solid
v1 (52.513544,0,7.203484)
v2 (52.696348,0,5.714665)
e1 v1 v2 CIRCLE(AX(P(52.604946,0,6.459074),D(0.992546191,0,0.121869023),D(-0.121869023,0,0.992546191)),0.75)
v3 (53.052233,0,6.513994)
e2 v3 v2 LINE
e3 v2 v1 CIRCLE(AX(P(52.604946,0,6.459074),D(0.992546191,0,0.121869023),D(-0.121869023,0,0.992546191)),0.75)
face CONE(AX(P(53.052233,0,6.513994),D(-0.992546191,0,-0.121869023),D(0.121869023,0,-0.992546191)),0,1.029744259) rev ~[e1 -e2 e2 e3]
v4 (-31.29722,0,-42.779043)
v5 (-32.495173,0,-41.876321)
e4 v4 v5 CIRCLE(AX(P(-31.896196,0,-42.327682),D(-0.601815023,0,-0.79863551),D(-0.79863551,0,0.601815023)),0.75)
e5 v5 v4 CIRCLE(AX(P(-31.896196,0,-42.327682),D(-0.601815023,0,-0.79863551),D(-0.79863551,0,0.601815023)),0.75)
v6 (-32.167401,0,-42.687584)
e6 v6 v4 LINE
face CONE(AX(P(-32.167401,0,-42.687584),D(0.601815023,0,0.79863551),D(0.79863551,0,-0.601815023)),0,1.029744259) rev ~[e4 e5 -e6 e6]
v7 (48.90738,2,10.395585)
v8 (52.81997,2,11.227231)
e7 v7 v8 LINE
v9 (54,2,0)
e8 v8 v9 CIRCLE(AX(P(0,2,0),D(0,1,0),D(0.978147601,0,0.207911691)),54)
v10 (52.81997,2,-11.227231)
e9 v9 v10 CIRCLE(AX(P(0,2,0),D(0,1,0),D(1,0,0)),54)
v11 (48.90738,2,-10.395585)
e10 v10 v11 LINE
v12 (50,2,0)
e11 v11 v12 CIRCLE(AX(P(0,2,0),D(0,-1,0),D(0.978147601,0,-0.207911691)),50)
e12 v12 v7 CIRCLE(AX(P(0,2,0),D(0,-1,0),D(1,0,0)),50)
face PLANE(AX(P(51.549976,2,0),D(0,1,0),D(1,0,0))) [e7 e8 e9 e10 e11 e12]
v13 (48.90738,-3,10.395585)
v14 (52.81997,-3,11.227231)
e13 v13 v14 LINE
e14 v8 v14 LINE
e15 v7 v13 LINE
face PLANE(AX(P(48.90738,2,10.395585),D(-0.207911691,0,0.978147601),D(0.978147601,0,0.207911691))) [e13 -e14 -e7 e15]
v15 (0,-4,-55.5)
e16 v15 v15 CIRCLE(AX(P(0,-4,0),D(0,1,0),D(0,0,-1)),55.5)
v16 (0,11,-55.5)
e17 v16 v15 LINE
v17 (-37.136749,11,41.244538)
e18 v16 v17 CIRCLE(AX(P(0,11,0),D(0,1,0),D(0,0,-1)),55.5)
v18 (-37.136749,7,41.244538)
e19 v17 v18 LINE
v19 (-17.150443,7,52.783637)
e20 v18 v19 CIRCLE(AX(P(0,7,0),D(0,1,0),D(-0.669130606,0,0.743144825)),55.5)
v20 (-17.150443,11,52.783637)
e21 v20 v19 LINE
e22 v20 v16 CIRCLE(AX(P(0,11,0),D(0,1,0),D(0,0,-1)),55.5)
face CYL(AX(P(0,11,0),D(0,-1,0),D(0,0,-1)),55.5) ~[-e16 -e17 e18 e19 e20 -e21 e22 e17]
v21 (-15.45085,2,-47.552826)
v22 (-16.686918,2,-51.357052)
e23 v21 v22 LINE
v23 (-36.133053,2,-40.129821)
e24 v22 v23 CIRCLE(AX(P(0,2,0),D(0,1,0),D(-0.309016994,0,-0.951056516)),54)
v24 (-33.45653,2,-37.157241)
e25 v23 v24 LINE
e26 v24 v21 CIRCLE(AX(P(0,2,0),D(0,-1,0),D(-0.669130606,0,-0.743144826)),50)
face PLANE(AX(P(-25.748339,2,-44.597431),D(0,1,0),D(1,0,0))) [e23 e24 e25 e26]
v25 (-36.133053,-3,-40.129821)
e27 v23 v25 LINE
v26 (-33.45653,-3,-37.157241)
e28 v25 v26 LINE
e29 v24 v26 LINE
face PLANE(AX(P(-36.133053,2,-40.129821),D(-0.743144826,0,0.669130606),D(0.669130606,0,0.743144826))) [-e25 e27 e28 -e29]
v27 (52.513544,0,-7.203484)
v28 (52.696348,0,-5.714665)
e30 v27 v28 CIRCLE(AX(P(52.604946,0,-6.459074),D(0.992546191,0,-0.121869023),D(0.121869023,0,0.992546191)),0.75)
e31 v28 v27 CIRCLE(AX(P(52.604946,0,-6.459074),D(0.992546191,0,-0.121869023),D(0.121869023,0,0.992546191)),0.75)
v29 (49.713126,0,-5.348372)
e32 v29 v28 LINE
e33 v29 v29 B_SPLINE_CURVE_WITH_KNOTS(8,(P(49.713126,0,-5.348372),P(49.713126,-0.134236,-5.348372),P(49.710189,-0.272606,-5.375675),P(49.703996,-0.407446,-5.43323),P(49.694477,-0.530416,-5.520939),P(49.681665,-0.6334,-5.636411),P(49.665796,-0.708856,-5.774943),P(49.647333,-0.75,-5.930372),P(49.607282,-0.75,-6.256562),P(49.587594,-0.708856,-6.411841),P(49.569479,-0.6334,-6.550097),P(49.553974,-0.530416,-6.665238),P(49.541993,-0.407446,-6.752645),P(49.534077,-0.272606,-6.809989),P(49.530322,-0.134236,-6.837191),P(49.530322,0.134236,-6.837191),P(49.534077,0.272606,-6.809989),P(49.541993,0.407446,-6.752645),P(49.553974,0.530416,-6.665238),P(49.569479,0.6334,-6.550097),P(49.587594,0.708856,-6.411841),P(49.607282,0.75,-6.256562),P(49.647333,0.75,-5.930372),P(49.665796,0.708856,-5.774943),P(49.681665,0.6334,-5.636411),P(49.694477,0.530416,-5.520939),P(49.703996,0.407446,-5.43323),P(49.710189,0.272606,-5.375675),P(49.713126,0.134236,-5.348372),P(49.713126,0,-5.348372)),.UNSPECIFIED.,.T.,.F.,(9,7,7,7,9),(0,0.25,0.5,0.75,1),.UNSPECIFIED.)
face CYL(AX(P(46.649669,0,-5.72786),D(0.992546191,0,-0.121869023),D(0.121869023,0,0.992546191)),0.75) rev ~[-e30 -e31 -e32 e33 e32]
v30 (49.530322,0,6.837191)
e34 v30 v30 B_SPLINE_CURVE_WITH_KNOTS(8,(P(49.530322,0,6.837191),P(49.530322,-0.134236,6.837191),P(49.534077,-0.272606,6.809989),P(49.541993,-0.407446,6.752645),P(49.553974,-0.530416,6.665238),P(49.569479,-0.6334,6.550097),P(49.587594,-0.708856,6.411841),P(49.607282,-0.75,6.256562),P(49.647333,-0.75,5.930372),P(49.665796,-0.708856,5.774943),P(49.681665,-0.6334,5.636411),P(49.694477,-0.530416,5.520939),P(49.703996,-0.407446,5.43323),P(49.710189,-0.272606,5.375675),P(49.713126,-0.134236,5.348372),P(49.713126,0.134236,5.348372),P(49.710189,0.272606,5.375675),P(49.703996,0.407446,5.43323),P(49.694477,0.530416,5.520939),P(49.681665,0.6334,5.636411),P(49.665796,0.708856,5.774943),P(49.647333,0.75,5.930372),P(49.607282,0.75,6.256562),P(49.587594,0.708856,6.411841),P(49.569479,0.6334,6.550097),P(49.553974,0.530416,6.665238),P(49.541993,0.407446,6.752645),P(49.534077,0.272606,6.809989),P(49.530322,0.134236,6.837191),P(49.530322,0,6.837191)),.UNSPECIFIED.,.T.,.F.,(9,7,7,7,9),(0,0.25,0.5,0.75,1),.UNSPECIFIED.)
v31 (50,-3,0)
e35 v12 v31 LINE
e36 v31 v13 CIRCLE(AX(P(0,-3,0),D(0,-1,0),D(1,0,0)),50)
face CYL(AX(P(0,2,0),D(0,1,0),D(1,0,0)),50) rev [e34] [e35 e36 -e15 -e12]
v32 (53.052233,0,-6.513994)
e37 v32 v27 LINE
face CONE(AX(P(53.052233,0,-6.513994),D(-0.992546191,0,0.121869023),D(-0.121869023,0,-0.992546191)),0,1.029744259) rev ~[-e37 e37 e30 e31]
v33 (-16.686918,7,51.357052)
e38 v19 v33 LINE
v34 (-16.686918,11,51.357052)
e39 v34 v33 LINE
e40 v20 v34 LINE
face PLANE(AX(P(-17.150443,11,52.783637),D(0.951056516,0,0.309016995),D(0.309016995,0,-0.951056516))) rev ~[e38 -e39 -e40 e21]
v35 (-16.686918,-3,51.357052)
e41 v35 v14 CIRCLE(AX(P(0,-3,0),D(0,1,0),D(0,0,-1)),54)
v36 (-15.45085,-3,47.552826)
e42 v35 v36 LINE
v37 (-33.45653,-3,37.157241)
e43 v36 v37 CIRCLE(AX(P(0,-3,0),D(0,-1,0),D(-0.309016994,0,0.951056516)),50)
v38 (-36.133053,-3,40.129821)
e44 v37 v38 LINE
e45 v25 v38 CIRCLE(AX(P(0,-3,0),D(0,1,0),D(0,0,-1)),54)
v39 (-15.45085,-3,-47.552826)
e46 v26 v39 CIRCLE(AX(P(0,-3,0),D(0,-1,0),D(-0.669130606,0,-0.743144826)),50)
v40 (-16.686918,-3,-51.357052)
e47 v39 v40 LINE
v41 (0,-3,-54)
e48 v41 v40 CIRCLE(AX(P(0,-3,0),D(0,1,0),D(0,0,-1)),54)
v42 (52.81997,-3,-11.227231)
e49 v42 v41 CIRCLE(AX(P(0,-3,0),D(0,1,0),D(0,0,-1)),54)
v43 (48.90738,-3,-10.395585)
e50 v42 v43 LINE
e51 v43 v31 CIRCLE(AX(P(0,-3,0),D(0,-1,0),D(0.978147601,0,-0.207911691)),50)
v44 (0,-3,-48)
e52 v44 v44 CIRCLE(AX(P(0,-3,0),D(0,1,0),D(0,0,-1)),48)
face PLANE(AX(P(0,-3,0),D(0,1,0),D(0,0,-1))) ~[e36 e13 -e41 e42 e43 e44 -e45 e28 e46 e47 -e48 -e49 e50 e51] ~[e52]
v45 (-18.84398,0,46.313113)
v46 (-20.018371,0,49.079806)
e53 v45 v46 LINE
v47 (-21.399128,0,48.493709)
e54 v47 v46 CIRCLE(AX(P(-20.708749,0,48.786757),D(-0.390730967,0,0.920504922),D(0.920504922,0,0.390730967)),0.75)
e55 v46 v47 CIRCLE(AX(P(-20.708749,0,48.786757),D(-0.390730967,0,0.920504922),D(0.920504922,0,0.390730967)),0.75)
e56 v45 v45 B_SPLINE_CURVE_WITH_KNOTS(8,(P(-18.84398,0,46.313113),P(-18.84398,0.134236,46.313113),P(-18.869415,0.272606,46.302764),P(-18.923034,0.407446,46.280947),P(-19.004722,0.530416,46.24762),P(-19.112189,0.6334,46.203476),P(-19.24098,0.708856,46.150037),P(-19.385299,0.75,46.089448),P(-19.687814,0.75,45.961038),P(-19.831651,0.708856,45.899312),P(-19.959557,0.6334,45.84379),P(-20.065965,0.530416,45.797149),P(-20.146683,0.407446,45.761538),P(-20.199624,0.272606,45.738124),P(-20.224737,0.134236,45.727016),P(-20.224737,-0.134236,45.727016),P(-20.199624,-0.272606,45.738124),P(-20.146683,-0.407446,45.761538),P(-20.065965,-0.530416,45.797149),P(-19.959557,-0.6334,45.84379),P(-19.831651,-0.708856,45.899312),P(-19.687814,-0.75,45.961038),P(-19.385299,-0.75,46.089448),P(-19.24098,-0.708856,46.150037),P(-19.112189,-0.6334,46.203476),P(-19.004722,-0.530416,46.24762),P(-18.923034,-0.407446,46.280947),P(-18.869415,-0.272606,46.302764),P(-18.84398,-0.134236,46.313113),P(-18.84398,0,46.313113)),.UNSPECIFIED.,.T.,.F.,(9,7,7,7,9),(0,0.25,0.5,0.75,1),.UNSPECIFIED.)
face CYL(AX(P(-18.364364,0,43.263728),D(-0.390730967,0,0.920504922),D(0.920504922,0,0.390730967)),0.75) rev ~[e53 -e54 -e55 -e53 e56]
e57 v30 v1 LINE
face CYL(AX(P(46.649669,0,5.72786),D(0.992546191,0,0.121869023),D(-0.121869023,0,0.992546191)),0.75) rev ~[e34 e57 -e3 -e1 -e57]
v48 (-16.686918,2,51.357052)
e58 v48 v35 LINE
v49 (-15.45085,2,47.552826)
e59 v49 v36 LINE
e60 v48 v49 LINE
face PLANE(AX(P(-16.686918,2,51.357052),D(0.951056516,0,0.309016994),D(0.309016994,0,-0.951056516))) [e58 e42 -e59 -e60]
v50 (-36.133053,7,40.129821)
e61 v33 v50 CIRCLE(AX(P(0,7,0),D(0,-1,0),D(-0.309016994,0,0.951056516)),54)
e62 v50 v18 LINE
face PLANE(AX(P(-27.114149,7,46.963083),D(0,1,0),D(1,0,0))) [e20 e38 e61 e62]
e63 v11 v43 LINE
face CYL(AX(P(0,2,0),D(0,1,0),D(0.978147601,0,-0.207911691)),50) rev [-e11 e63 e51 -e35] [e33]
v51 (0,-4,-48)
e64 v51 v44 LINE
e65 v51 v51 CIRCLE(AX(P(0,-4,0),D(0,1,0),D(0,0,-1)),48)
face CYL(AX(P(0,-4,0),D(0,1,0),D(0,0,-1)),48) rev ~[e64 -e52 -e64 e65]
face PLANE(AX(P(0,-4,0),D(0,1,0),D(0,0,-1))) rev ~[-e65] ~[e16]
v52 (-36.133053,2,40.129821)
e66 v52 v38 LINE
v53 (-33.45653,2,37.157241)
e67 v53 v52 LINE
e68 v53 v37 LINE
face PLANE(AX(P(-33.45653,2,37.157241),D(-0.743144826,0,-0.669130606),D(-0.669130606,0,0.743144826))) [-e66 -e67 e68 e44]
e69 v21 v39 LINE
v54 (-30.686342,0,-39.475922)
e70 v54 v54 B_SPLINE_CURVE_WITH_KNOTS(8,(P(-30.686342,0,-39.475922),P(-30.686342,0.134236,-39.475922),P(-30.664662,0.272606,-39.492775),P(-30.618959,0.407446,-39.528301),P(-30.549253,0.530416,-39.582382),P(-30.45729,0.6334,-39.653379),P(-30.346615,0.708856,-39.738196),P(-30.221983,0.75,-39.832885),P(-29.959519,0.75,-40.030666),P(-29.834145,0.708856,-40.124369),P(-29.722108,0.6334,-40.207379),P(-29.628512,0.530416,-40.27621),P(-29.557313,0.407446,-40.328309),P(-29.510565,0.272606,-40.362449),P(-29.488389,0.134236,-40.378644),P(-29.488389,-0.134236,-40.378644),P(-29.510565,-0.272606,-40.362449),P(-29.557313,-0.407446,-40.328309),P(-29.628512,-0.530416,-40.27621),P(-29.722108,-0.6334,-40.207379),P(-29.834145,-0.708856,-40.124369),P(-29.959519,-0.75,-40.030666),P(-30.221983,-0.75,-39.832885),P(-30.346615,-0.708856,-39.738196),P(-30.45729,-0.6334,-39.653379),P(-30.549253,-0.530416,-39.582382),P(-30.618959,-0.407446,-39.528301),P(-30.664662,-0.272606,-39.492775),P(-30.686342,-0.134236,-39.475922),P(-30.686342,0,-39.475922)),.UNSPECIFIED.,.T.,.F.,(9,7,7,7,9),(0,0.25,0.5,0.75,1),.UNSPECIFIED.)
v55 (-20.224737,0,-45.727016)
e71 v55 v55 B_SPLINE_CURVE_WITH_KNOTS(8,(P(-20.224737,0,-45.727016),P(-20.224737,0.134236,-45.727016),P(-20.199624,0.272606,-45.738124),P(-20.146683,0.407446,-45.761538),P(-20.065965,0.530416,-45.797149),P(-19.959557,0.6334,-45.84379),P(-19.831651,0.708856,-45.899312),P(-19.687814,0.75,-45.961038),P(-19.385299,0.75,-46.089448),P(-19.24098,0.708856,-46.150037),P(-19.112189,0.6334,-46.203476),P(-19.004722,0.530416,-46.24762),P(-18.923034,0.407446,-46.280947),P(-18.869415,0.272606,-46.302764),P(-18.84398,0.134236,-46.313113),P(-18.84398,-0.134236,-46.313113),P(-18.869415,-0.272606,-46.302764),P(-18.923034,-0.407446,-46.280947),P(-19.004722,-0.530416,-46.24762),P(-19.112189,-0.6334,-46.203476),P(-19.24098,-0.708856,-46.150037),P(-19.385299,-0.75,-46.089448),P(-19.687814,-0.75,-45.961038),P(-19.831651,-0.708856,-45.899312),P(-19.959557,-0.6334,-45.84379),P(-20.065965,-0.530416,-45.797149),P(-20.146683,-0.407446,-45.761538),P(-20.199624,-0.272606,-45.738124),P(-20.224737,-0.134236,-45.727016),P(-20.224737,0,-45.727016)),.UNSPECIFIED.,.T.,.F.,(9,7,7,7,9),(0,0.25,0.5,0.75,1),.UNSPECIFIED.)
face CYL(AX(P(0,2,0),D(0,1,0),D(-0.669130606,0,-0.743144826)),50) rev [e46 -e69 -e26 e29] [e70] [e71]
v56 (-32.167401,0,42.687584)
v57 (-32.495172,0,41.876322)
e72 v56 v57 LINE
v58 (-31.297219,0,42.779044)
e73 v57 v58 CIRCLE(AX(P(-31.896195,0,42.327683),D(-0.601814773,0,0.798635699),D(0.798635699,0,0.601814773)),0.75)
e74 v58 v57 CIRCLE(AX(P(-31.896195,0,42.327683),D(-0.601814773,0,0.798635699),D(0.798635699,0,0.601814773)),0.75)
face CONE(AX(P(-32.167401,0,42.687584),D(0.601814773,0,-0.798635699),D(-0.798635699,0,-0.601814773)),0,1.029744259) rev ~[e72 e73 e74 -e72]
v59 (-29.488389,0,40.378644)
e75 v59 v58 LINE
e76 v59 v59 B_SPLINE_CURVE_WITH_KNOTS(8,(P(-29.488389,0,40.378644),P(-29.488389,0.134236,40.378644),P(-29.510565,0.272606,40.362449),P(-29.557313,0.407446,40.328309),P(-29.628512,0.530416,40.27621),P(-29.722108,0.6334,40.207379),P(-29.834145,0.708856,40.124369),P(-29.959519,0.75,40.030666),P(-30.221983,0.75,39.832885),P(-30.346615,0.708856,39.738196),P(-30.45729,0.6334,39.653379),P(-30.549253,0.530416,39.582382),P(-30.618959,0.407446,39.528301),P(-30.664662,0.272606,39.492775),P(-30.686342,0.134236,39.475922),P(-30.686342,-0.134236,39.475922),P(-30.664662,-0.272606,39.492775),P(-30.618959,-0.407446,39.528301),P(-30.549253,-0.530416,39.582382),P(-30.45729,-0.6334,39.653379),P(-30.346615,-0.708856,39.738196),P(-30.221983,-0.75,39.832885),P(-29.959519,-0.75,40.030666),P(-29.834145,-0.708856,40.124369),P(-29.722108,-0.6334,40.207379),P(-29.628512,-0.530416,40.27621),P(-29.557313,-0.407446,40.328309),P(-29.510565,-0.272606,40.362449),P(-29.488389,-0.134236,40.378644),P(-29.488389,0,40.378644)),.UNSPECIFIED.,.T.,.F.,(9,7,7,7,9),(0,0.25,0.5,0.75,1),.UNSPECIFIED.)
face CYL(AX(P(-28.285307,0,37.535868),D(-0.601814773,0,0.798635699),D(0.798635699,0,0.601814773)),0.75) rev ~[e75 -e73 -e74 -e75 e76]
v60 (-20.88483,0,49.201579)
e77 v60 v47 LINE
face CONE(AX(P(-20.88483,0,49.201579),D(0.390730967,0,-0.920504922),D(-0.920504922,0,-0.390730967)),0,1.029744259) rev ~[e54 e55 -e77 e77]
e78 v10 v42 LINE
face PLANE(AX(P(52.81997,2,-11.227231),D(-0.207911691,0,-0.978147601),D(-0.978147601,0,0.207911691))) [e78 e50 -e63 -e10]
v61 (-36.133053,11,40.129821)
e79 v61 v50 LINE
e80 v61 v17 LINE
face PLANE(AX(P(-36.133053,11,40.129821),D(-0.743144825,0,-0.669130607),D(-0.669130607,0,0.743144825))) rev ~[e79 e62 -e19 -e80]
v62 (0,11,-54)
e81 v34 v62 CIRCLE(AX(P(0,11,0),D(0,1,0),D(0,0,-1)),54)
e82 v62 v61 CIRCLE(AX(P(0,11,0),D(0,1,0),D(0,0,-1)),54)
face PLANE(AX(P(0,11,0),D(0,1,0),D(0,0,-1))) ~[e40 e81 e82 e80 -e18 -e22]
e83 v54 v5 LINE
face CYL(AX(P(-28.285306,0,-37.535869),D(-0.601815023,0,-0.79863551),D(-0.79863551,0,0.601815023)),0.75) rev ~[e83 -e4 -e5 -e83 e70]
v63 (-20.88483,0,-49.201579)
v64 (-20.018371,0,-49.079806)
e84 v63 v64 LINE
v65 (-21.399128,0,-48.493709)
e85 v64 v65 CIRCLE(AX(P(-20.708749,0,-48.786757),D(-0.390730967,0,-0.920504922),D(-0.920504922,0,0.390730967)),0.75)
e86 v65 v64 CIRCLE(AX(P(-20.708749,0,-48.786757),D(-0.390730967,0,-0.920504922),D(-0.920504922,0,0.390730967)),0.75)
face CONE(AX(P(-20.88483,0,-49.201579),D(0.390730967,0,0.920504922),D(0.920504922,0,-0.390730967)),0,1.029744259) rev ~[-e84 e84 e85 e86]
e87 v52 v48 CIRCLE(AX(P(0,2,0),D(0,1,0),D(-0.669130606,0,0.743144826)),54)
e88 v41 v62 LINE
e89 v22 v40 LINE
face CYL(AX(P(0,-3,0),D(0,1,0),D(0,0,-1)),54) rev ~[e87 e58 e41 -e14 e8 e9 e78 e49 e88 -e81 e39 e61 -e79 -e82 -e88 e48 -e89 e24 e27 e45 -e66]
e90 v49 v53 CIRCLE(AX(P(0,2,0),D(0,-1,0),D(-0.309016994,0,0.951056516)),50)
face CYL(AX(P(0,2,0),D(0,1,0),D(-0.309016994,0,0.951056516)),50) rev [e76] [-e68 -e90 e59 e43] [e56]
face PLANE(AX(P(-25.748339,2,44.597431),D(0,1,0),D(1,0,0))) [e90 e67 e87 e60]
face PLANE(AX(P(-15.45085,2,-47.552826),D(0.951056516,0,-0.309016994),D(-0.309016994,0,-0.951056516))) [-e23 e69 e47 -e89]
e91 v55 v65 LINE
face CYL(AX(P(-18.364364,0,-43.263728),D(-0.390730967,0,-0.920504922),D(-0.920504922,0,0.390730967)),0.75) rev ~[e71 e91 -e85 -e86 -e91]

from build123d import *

# Parameters (mm, degrees)
BOSS_EXTRUDE1_DEPTH                 = 5
BOSS_EXTRUDE2_DEPTH                 = 5
BOSS_EXTRUDE3_DEPTH                 = 5
F_1_5MM_DOWEL_HOLE1_D               = 1.5
F_1_5MM_DOWEL_HOLE1_DEPTH           = 3
F_1_5MM_DOWEL_HOLE1_TIP             = 0.450645464
F_1_5MM_DOWEL_HOLE1_ON_FACE_2_D     = 1.5
F_1_5MM_DOWEL_HOLE1_ON_FACE_2_DEPTH = 3
F_1_5MM_DOWEL_HOLE1_ON_FACE_2_TIP   = 0.450645464
F_1_5MM_DOWEL_HOLE1_ON_FACE_3_D     = 1.5
F_1_5MM_DOWEL_HOLE1_ON_FACE_3_DEPTH = 3
F_1_5MM_DOWEL_HOLE1_ON_FACE_3_TIP   = 0.450645464
F_1_5MM_DOWEL_HOLE1_ON_FACE_4_D     = 1.5
F_1_5MM_DOWEL_HOLE1_ON_FACE_4_DEPTH = 3
F_1_5MM_DOWEL_HOLE1_ON_FACE_4_TIP   = 0.450645464
F_1_5MM_DOWEL_HOLE1_ON_FACE_5_D     = 1.5
F_1_5MM_DOWEL_HOLE1_ON_FACE_5_DEPTH = 3
F_1_5MM_DOWEL_HOLE1_ON_FACE_5_TIP   = 0.450645464
F_1_5MM_DOWEL_HOLE1_ON_FACE_6_D     = 1.5
F_1_5MM_DOWEL_HOLE1_ON_FACE_6_DEPTH = 3
F_1_5MM_DOWEL_HOLE1_ON_FACE_6_TIP   = 0.450645464
CUT_EXTRUDE2_DEPTH                  = 4


with BuildPart() as part:
    # Sketch1 → Revolve1 (revolve)
    with BuildSketch(Plane.XY):
        Polygon((55.5, -4), (55.5, 11), (54, 11), (54, -3), (48, -3), (48, -4), align=None)
    revolve(axis=Axis((0, 0, 0), (0, 1, 0)))

    # Sketch3 → Boss-Extrude1 (add)
    with BuildSketch(Plane(origin=(0, -3, 0), x_dir=(1, 0, 0), z_dir=(0, 1, 0))):
        with BuildLine():
            Line((-16.686917696, -51.35705188), (-15.450849719, -47.552825815))
            ThreePointArc((-15.450849719, -47.552825815), (-25, -43.301270189), (-33.456530318, -37.157241274))
            Line((-33.456530318, -37.157241274), (-36.133052743, -40.129820576))
            ThreePointArc((-36.133052743, -40.129820576), (-27, -46.765371804), (-16.686917696, -51.35705188))
        make_face()
    extrude(amount=BOSS_EXTRUDE1_DEPTH)

    # Sketch3<3> → Boss-Extrude2 (add)
    with BuildSketch(Plane(origin=(0, -3, 0), x_dir=(1, 0, 0), z_dir=(0, 1, 0))):
        with BuildLine():
            ThreePointArc((48.907380037, 10.395584541), (49.726094768, 5.226423163), (50, 0))
            ThreePointArc((50, 0), (49.726094768, -5.226423163), (48.907380037, -10.395584541))
            Line((48.907380037, -10.395584541), (52.81997044, -11.227231304))
            ThreePointArc((52.81997044, -11.227231304), (53.70418235, -5.644537016), (54, 0))
            ThreePointArc((54, 0), (53.70418235, 5.644537016), (52.81997044, 11.227231304))
            Line((52.81997044, 11.227231304), (48.907380037, 10.395584541))
        make_face()
    extrude(amount=BOSS_EXTRUDE2_DEPTH)

    # Sketch3<4> → Boss-Extrude3 (add)
    with BuildSketch(Plane(origin=(0, -3, 0), x_dir=(1, 0, 0), z_dir=(0, 1, 0))):
        with BuildLine():
            Line((-36.133052743, 40.129820576), (-33.456530318, 37.157241274))
            ThreePointArc((-33.456530318, 37.157241274), (-25, 43.301270189), (-15.450849719, 47.552825815))
            Line((-15.450849719, 47.552825815), (-16.686917696, 51.35705188))
            ThreePointArc((-16.686917696, 51.35705188), (-27, 46.765371804), (-36.133052743, 40.129820576))
        make_face()
    extrude(amount=BOSS_EXTRUDE3_DEPTH)

    # Ø1.5mm Dowel Hole1
    with Locations(Plane(origin=(-30.090751158, 0, -39.931775502), x_dir=(0.798635510047, 0, -0.601815023152), z_dir=(0.601815023152, 0, 0.798635510047))):
        with Locations((1e-09, 0)):
            Hole(F_1_5MM_DOWEL_HOLE1_D / 2, depth=F_1_5MM_DOWEL_HOLE1_DEPTH)
            with Locations((0, 0, -(F_1_5MM_DOWEL_HOLE1_DEPTH + F_1_5MM_DOWEL_HOLE1_TIP / 2))):  # 118° drill point
                Cone(0, F_1_5MM_DOWEL_HOLE1_D / 2, F_1_5MM_DOWEL_HOLE1_TIP, mode=Mode.SUBTRACT)

    # Ø1.5mm Dowel Hole1 on face 2
    with Locations(Plane(origin=(-19.536556424, 0, -46.025242673), x_dir=(0.92050492204, 0, -0.390730966908), z_dir=(0.390730966908, 0, 0.92050492204))):
        with Locations((-1e-09, 0)):
            Hole(F_1_5MM_DOWEL_HOLE1_ON_FACE_2_D / 2, depth=F_1_5MM_DOWEL_HOLE1_ON_FACE_2_DEPTH)
            with Locations((0, 0, -(F_1_5MM_DOWEL_HOLE1_ON_FACE_2_DEPTH + F_1_5MM_DOWEL_HOLE1_ON_FACE_2_TIP / 2))):  # 118° drill point
                Cone(0, F_1_5MM_DOWEL_HOLE1_ON_FACE_2_D / 2, F_1_5MM_DOWEL_HOLE1_ON_FACE_2_TIP, mode=Mode.SUBTRACT)

    # Ø1.5mm Dowel Hole1 on face 3
    with Locations(Plane(origin=(49.627307582, 0, -6.09346717), x_dir=(-0.121869023443, 0, -0.992546190928), z_dir=(-0.992546190928, 0, 0.121869023443))):
        with Locations((0, 0)):
            Hole(F_1_5MM_DOWEL_HOLE1_ON_FACE_3_D / 2, depth=F_1_5MM_DOWEL_HOLE1_ON_FACE_3_DEPTH)
            with Locations((0, 0, -(F_1_5MM_DOWEL_HOLE1_ON_FACE_3_DEPTH + F_1_5MM_DOWEL_HOLE1_ON_FACE_3_TIP / 2))):  # 118° drill point
                Cone(0, F_1_5MM_DOWEL_HOLE1_ON_FACE_3_D / 2, F_1_5MM_DOWEL_HOLE1_ON_FACE_3_TIP, mode=Mode.SUBTRACT)

    # Ø1.5mm Dowel Hole1 on face 4
    with Locations(Plane(origin=(49.627307582, 0, 6.09346717), x_dir=(0.121869023443, 0, -0.992546190928), z_dir=(-0.992546190928, 0, -0.121869023443))):
        with Locations((0, 0)):
            Hole(F_1_5MM_DOWEL_HOLE1_ON_FACE_4_D / 2, depth=F_1_5MM_DOWEL_HOLE1_ON_FACE_4_DEPTH)
            with Locations((0, 0, -(F_1_5MM_DOWEL_HOLE1_ON_FACE_4_DEPTH + F_1_5MM_DOWEL_HOLE1_ON_FACE_4_TIP / 2))):  # 118° drill point
                Cone(0, F_1_5MM_DOWEL_HOLE1_ON_FACE_4_D / 2, F_1_5MM_DOWEL_HOLE1_ON_FACE_4_TIP, mode=Mode.SUBTRACT)

    # Ø1.5mm Dowel Hole1 on face 5
    with Locations(Plane(origin=(-30.090751158, 0, 39.931775502), x_dir=(-0.798635698626, 0, -0.601814772899), z_dir=(0.601814772899, 0, -0.798635698626))):
        with Locations((-1e-09, 0)):
            Hole(F_1_5MM_DOWEL_HOLE1_ON_FACE_5_D / 2, depth=F_1_5MM_DOWEL_HOLE1_ON_FACE_5_DEPTH)
            with Locations((0, 0, -(F_1_5MM_DOWEL_HOLE1_ON_FACE_5_DEPTH + F_1_5MM_DOWEL_HOLE1_ON_FACE_5_TIP / 2))):  # 118° drill point
                Cone(0, F_1_5MM_DOWEL_HOLE1_ON_FACE_5_D / 2, F_1_5MM_DOWEL_HOLE1_ON_FACE_5_TIP, mode=Mode.SUBTRACT)

    # Ø1.5mm Dowel Hole1 on face 6
    with Locations(Plane(origin=(-19.536556424, 0, 46.025242673), x_dir=(-0.92050492204, 0, -0.390730966908), z_dir=(0.390730966908, 0, -0.92050492204))):
        with Locations((1e-09, 0)):
            Hole(F_1_5MM_DOWEL_HOLE1_ON_FACE_6_D / 2, depth=F_1_5MM_DOWEL_HOLE1_ON_FACE_6_DEPTH)
            with Locations((0, 0, -(F_1_5MM_DOWEL_HOLE1_ON_FACE_6_DEPTH + F_1_5MM_DOWEL_HOLE1_ON_FACE_6_TIP / 2))):  # 118° drill point
                Cone(0, F_1_5MM_DOWEL_HOLE1_ON_FACE_6_D / 2, F_1_5MM_DOWEL_HOLE1_ON_FACE_6_TIP, mode=Mode.SUBTRACT)

    # Sketch7 → Cut-Extrude2 (cut)
    with BuildSketch(Plane(origin=(0, 11, 0), x_dir=(1, 0, 0), z_dir=(0, 1, 0))):
        with BuildLine():
            Line((-17.150443188, -52.783636654), (-16.686917696, -51.35705188))
            ThreePointArc((-16.686917696, -51.35705188), (-27, -46.765371804), (-36.133052743, -40.129820576))
            Line((-36.133052743, -40.129820576), (-37.136748653, -41.244537814))
            ThreePointArc((-37.136748653, -41.244537814), (-27.75, -48.06440991), (-17.150443188, -52.783636654))
        make_face()
    extrude(amount=-CUT_EXTRUDE2_DEPTH, mode=Mode.SUBTRACT)


solid = part.part
